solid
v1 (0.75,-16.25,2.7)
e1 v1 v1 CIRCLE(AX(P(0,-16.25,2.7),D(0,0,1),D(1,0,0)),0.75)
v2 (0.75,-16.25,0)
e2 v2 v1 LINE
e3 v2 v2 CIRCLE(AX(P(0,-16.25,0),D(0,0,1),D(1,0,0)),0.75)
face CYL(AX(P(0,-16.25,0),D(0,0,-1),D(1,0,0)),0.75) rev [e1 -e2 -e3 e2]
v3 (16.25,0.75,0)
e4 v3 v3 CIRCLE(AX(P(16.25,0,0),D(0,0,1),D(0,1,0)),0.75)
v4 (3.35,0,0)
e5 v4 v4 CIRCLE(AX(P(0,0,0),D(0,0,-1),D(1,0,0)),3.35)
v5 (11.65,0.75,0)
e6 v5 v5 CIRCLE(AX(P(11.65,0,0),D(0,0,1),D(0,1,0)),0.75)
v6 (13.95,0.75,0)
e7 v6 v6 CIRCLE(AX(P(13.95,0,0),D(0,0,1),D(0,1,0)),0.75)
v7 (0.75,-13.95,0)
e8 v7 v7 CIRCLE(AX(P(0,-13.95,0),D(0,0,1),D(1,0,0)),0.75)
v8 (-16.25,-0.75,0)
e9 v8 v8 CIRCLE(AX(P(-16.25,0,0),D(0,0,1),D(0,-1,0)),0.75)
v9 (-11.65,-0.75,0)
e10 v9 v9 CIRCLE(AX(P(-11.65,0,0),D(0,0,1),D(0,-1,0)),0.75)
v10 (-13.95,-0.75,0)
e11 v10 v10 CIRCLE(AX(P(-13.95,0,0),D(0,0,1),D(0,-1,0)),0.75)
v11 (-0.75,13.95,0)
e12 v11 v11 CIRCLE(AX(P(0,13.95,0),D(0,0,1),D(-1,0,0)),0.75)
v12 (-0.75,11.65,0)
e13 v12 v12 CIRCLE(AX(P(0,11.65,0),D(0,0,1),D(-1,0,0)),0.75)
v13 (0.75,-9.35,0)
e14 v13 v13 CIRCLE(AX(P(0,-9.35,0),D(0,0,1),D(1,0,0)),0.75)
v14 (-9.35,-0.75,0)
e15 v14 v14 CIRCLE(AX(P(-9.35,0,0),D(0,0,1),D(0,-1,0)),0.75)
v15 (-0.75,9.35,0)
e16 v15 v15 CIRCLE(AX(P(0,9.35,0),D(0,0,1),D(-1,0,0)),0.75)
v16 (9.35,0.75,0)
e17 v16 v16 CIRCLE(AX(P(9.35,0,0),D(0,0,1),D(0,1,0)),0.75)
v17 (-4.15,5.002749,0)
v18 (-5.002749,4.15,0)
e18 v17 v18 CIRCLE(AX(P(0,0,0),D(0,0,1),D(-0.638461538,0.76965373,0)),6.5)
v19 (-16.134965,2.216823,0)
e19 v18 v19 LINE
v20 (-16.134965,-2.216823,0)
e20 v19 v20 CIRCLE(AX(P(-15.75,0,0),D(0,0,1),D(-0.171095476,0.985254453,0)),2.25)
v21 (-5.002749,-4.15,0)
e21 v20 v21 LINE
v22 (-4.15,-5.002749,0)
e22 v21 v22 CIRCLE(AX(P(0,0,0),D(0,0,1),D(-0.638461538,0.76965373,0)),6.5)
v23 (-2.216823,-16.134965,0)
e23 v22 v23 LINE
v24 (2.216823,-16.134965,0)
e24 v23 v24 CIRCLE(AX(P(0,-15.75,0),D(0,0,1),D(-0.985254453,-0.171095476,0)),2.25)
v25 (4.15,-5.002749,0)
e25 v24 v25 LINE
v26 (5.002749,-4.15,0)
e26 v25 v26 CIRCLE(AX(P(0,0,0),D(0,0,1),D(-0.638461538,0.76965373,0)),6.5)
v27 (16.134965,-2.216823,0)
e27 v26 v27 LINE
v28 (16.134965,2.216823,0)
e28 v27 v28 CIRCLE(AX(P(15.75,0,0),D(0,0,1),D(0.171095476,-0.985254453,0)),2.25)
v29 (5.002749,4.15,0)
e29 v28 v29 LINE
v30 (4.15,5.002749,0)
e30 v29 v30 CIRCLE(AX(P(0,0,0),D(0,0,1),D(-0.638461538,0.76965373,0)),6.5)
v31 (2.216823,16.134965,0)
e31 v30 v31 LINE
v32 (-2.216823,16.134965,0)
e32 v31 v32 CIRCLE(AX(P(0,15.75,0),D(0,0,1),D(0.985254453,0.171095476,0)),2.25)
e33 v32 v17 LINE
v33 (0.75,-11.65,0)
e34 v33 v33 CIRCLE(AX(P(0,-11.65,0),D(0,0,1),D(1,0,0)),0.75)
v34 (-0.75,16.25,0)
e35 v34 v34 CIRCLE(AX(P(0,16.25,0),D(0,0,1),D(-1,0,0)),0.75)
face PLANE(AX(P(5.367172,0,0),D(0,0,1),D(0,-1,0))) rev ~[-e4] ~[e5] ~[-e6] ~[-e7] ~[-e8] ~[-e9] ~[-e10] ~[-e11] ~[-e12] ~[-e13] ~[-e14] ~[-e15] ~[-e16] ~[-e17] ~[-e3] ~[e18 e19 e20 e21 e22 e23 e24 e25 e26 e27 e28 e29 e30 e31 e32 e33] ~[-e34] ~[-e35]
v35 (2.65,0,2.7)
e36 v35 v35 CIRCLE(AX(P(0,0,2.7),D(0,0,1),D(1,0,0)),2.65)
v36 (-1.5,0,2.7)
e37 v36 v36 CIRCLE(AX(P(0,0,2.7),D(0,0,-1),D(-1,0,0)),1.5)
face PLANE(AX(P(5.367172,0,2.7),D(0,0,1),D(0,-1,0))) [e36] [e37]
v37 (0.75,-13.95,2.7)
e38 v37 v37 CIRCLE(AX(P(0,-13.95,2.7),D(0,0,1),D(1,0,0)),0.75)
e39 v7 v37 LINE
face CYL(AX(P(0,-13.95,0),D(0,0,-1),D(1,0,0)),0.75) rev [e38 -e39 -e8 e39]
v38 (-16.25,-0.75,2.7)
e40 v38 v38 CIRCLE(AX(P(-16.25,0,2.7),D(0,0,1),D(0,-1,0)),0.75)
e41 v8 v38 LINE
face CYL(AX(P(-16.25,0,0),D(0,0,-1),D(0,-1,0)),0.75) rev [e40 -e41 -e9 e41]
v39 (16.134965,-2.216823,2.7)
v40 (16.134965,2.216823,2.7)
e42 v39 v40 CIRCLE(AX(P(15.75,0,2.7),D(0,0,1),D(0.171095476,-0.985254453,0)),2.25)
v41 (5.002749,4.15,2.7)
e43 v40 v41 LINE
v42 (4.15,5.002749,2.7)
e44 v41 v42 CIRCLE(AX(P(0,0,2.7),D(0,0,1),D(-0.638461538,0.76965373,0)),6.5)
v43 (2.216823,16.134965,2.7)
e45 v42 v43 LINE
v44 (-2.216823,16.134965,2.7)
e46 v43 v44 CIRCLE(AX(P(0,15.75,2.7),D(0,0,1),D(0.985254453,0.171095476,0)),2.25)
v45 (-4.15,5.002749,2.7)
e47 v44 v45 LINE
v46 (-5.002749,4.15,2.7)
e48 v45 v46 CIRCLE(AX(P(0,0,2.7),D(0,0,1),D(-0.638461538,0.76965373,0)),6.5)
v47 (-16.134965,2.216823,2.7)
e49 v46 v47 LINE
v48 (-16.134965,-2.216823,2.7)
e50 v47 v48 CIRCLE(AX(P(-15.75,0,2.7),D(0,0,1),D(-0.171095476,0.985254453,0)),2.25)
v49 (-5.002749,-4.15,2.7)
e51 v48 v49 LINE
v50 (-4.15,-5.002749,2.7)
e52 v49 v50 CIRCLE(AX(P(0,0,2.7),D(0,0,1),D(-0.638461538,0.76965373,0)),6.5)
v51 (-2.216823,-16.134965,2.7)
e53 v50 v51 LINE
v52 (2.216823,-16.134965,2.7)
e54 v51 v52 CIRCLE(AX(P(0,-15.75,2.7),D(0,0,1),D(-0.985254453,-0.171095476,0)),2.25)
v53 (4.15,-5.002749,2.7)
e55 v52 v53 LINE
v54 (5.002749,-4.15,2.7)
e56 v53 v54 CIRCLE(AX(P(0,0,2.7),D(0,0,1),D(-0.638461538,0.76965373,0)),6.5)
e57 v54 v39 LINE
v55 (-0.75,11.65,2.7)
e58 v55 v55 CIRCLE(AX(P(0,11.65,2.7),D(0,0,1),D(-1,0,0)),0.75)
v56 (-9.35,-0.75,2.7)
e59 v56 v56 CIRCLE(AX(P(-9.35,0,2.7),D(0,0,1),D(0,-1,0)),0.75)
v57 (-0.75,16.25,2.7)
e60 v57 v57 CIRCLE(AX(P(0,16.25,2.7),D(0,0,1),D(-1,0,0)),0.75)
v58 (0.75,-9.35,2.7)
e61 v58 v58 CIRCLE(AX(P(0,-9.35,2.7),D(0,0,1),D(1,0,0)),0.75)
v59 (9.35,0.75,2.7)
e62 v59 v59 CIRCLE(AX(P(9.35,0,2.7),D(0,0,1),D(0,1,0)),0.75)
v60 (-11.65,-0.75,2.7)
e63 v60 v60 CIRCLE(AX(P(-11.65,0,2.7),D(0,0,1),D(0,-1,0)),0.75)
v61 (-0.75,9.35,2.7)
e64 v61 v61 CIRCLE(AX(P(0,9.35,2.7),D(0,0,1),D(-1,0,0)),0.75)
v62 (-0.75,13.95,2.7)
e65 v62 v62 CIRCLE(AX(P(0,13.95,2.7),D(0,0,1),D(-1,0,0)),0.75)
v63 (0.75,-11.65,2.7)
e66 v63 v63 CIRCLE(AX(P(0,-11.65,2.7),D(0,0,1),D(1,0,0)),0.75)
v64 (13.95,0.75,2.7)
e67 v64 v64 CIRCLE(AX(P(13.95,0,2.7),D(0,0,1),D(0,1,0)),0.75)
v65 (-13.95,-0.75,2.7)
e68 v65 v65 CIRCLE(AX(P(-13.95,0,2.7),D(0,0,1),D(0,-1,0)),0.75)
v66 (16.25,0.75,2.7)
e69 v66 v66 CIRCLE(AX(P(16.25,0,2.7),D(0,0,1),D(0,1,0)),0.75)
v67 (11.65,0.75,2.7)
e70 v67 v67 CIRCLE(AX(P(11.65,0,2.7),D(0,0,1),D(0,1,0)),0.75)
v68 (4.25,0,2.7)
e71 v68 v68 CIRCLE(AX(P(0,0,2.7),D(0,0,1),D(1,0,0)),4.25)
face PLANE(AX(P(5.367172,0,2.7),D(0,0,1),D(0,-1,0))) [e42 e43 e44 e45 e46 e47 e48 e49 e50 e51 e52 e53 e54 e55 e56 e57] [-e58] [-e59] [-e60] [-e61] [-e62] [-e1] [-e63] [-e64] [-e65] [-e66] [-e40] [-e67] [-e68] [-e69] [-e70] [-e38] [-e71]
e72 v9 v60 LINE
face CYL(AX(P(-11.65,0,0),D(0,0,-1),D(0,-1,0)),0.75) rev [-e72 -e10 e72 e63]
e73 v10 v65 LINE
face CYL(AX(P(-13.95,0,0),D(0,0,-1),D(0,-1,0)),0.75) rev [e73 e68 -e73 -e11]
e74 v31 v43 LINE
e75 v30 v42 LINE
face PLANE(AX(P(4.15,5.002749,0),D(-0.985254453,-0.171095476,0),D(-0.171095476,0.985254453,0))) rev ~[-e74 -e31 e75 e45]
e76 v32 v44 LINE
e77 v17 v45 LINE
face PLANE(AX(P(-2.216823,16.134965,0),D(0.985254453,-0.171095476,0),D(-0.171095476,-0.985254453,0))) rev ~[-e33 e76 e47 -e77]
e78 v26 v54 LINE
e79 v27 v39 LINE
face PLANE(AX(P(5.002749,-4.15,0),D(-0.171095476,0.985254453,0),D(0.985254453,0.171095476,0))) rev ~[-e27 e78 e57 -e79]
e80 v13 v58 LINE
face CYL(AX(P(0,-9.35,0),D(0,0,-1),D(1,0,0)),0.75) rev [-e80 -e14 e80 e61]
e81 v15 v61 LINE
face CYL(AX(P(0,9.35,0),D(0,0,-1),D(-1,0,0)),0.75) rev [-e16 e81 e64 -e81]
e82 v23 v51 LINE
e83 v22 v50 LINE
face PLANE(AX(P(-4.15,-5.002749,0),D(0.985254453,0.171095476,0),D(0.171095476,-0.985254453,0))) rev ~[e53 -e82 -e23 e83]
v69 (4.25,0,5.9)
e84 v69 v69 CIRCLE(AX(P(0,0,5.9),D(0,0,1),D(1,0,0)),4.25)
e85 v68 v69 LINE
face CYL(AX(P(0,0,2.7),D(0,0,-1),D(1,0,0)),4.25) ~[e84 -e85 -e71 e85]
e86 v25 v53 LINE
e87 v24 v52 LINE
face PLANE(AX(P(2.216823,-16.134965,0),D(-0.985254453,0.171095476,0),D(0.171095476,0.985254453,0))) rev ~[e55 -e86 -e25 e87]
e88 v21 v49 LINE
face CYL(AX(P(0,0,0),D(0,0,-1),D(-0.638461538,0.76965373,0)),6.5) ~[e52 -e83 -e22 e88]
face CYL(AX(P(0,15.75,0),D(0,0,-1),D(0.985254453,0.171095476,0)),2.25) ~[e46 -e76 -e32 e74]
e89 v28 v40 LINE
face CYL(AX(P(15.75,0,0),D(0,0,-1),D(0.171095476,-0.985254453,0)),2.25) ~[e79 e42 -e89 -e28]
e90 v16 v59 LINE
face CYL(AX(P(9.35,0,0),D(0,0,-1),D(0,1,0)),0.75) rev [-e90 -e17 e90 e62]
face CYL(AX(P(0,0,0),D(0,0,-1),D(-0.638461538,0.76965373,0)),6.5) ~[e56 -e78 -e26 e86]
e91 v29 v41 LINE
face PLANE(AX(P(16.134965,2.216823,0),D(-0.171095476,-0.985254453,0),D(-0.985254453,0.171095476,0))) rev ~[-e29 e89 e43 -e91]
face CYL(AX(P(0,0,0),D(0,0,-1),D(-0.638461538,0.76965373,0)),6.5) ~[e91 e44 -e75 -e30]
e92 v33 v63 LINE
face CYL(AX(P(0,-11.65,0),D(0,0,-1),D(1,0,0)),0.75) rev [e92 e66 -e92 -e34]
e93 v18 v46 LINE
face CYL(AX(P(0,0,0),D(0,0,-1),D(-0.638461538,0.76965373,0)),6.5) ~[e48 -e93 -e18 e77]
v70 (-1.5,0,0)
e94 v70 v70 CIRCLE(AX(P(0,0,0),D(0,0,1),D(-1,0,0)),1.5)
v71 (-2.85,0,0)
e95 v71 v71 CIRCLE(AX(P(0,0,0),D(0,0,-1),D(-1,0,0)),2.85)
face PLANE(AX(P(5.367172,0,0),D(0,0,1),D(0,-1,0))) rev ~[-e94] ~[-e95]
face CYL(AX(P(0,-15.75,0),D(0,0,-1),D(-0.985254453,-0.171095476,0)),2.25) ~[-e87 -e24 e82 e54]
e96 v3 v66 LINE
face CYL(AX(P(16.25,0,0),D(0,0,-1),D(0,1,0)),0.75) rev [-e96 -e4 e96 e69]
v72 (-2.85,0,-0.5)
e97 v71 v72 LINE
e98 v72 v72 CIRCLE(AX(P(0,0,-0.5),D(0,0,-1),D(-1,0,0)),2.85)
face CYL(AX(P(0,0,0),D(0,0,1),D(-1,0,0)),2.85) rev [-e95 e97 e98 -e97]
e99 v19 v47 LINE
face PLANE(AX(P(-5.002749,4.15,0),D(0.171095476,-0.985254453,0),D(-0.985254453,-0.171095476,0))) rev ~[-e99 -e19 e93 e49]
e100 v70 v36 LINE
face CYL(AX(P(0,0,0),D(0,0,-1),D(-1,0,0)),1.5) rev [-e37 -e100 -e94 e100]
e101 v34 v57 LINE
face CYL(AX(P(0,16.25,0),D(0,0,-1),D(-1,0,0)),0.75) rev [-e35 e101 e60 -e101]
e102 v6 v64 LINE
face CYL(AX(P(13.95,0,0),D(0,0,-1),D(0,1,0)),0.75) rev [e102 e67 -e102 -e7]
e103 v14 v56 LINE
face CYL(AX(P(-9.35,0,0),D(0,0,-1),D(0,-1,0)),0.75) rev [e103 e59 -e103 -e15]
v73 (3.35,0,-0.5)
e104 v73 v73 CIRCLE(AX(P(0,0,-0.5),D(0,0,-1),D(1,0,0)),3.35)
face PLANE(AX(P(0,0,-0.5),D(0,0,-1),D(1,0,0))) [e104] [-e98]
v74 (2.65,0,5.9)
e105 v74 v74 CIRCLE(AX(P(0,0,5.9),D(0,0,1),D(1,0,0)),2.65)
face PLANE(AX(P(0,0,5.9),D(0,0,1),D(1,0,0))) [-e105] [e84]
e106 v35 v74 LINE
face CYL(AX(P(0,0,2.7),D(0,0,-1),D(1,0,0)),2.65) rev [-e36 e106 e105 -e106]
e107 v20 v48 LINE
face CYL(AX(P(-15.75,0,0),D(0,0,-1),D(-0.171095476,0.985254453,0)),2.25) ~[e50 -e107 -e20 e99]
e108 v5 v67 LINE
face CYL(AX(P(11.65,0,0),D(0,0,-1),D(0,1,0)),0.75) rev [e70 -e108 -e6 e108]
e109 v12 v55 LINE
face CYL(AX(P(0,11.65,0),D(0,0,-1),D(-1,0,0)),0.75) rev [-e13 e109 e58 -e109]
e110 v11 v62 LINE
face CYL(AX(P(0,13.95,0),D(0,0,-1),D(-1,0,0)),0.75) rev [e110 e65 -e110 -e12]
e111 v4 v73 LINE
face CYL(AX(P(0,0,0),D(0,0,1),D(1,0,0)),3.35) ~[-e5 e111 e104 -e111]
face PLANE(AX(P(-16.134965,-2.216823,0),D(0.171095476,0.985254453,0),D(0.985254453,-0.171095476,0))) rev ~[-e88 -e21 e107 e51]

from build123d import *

# Parameters (mm, degrees)
ESBO_O1_R                = 0.75
ESBO_O1_R_2              = 1.5
RESSALTO_EXTRUS_O1_DEPTH = 2.7
PADR_OCIRCULAR1_COUNT    = 4
ESBO_O2_R                = 4.25
ESBO_O2_R_2              = 2.65
RESSALTO_EXTRUS_O2_DEPTH = 3.2
ESBO_O3_R                = 3.35
ESBO_O3_R_2              = 2.85
RESSALTO_EXTRUS_O3_DEPTH = 0.5


with BuildPart() as part:
    # Esboço1 → Ressalto-extrusão1 (new body)
    with BuildSketch(Plane.XY):
        with BuildLine():
            Line((-2.21682252, 16.134964821), (-4.15, 5.002749244))
            ThreePointArc((-4.15, 5.002749244), (0, -6.5), (4.15, 5.002749244))
            Line((4.15, 5.002749244), (2.21682252, 16.134964821))
            ThreePointArc((2.21682252, 16.134964821), (0, 18), (-2.21682252, 16.134964821))
        make_face()
        with Locations(Location((0, 16.25, 0), (0, 0, 180))):
            Circle(ESBO_O1_R, mode=Mode.SUBTRACT)
        with Locations(Location((0, 13.95, 0), (0, 0, 180))):
            Circle(ESBO_O1_R, mode=Mode.SUBTRACT)
        with Locations(Location((0, 11.65, 0), (0, 0, 180))):
            Circle(ESBO_O1_R, mode=Mode.SUBTRACT)
        with Locations(Location((0, 9.35, 0), (0, 0, 180))):
            Circle(ESBO_O1_R, mode=Mode.SUBTRACT)
        with Locations(Location((0, 0, 0), (0, 0, 180))):
            Circle(ESBO_O1_R_2, mode=Mode.SUBTRACT)
    ressalto_extrus_o1 = extrude(amount=RESSALTO_EXTRUS_O1_DEPTH)

    # PadrãoCircular1: Ressalto-extrusão1 ×4 about axis
    padr_ocircular1_axis = Axis((0, 0, 0), (0, 0, 1))
    for i in range(1, PADR_OCIRCULAR1_COUNT):
        add(ressalto_extrus_o1.rotate(padr_ocircular1_axis, i * 360 / PADR_OCIRCULAR1_COUNT))

    # Esboço2 → Ressalto-extrusão2 (add)
    with BuildSketch(Plane.XY.offset(2.7)):
        Circle(ESBO_O2_R)
        Circle(ESBO_O2_R_2, mode=Mode.SUBTRACT)
    extrude(amount=RESSALTO_EXTRUS_O2_DEPTH)

    # Esboço3 → Ressalto-extrusão3 (add)
    with BuildSketch(Plane(origin=(0, 0, 0), x_dir=(-1, 0, 0), z_dir=(0, 0, -1))):
        with Locations(Location((0, 0, 0), (0, 0, 180))):
            Circle(ESBO_O3_R)
        Circle(ESBO_O3_R_2, mode=Mode.SUBTRACT)
    extrude(amount=RESSALTO_EXTRUS_O3_DEPTH)


solid = part.part
